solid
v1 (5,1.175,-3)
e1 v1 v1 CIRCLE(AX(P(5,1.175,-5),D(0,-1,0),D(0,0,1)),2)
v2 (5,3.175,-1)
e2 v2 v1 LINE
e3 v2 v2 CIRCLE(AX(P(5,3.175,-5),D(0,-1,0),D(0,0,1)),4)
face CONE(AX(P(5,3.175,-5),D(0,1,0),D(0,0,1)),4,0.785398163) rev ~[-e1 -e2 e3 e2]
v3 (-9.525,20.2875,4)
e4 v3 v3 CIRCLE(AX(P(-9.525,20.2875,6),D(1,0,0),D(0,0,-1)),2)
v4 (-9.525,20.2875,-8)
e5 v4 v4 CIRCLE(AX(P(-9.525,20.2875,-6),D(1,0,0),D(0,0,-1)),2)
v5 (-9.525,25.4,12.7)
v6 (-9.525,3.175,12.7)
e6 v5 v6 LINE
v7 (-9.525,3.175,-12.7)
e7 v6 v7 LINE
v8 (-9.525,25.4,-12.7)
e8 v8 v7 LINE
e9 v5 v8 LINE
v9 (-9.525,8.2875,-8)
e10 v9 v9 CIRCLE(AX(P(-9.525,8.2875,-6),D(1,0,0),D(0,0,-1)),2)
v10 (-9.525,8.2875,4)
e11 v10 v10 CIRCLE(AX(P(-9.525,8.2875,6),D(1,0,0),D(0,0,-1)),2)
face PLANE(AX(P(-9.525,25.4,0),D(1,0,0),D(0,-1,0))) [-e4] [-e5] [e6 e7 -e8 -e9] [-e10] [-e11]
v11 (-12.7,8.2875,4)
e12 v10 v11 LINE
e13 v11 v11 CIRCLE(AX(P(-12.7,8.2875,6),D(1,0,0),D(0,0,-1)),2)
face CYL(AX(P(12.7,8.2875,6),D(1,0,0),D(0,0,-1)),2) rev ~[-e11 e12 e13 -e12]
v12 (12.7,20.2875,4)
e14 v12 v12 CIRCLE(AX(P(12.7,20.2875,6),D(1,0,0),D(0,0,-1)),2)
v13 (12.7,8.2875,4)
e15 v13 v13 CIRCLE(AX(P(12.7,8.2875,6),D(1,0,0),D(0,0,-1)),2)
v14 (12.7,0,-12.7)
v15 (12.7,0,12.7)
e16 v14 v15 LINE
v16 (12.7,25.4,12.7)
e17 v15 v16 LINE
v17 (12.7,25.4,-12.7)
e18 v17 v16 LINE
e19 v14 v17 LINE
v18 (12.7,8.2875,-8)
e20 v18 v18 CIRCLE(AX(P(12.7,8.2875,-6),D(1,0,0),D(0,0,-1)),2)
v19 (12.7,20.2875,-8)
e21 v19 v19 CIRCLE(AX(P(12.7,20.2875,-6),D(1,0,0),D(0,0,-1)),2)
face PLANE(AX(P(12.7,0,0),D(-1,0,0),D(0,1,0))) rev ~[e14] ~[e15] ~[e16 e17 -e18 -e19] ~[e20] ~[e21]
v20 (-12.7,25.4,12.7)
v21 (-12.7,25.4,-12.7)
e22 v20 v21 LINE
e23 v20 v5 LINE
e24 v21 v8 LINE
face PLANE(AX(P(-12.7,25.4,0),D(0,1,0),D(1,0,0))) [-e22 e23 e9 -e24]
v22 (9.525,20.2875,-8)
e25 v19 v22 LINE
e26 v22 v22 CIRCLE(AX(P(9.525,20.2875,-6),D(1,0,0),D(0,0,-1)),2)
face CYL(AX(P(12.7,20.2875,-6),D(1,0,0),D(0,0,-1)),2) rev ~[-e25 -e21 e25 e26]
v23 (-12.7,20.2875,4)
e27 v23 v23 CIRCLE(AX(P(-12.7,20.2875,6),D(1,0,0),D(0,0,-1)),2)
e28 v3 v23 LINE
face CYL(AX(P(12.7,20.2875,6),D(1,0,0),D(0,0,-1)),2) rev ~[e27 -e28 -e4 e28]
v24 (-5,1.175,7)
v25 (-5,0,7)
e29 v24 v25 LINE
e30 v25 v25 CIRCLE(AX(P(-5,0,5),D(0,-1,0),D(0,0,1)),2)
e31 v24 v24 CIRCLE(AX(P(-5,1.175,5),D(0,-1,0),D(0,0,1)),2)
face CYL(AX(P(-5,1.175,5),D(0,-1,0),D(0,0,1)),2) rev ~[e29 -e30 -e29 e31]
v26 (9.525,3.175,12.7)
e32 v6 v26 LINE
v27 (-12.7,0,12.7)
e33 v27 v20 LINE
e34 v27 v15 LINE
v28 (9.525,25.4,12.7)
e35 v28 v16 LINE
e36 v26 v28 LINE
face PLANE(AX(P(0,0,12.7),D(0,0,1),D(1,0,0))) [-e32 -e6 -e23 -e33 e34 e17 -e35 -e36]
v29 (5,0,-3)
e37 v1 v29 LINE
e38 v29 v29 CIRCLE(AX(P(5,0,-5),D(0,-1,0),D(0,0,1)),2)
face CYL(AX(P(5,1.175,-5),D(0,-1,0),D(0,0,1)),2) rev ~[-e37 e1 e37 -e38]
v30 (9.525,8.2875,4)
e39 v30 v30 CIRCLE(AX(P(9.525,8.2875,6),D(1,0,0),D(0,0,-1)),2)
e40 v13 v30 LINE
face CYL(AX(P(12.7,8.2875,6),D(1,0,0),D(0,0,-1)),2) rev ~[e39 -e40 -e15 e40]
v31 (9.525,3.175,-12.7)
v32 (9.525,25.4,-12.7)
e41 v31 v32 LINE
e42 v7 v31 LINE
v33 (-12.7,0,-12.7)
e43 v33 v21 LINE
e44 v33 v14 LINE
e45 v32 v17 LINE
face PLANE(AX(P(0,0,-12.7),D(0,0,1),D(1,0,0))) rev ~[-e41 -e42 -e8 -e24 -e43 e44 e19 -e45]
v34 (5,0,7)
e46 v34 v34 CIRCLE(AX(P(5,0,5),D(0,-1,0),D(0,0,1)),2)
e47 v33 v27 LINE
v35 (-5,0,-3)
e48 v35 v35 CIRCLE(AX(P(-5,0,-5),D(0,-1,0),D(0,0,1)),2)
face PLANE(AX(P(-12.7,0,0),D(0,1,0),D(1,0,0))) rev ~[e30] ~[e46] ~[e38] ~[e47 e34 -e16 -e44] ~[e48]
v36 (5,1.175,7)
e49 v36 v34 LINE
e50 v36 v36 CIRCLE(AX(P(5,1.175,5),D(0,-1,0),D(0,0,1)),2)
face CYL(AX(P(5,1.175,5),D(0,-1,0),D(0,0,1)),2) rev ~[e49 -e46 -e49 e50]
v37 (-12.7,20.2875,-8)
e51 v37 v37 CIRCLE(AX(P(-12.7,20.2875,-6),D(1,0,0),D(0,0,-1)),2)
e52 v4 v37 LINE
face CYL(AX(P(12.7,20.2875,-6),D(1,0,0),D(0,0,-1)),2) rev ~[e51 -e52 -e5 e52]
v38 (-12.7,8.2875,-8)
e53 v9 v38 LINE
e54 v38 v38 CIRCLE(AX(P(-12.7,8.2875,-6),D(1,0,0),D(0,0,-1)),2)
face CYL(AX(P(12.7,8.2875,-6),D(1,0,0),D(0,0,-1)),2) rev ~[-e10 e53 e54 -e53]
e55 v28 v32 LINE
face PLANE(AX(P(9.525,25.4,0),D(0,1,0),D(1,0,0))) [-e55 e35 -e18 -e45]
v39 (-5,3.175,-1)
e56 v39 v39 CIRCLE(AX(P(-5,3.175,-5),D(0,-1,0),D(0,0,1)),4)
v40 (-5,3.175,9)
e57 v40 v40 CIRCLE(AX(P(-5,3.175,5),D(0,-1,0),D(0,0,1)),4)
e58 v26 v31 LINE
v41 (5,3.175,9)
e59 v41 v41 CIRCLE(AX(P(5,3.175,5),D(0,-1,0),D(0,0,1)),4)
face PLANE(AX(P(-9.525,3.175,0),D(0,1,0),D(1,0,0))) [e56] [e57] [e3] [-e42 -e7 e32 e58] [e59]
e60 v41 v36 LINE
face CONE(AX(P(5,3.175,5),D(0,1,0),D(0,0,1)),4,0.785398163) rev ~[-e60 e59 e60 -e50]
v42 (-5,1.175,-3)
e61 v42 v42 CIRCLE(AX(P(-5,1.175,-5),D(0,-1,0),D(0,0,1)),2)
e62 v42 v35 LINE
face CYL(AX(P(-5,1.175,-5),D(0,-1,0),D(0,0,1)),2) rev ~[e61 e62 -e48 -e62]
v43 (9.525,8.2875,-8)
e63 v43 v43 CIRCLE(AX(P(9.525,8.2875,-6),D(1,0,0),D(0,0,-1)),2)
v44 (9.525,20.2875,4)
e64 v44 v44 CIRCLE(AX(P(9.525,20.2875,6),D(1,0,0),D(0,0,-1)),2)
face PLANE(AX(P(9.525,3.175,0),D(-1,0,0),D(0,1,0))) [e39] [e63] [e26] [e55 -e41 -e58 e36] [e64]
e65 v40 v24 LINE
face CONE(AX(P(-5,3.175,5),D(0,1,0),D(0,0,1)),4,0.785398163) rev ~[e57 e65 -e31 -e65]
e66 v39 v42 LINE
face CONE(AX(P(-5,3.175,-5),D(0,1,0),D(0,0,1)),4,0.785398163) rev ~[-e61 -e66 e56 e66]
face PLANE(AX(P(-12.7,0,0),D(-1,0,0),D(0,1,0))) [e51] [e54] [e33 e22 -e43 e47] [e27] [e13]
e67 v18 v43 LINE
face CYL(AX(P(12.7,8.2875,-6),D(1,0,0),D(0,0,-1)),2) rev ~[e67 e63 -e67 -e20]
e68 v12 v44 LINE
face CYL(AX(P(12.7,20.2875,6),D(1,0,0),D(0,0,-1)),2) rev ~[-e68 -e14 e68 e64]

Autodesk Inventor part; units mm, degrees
ref_plane "YZ Plane" through (0, 0, 0) normal (1, 0, 0) x (0, 1, 0)
ref_plane "XZ Plane" through (0, 0, 0) normal (0, 1, 0) x (-1, 0, 0)
ref_plane "XY Plane" through (0, 0, 0) normal (0, 0, 1) x (1, 0, 0)
sketch "Sketch1" plane through (0, 0, 0) normal (0, 0, 1) x (1, 0, 0)
  line L0 (-12.7, 0) -> (12.7, 0)
  line L1 (-12.7, 0) -> (-12.7, 25.4)
  line L2 (12.7, 0) -> (12.7, 25.4)
  line L3 (-9.525, 25.4) -> (-9.525, 3.175)
  line L4 (-9.525, 3.175) -> (9.525, 3.175)
  line L5 (9.525, 3.175) -> (9.525, 25.4)
  line L6 (-12.7, 25.4) -> (-9.525, 25.4)
  line L7 (9.525, 25.4) -> (12.7, 25.4)
  point P0 (0, 0)
  point P1 (0, 0)
  dimension "d0" = 25.4
  dimension "d1" = 25.4
  dimension "d2" = 25.4
  dimension "d3" = 3.175
extrude "Extrusion1" add sketch "Sketch1" along normal mid plane 25.4
sketch "Sketch2" plane through (-9.525, 3.175, 12.7) normal (0, 1, 0) x (1, 0, 0)
  circle A0 centre (4.525, 17.7) radius 2
  circle A1 centre (4.525, 7.7) radius 2
  circle A2 centre (14.525, 7.7) radius 2
  circle A3 centre (14.525, 17.7) radius 2
  point P0 (9.525, 12.7)
  dimension "d6" = 4
  dimension "d7" = 5
  dimension "d8" = 5
  dimension "d11" = 360
hole "Hole1" at (-5, 3.175, 5) at (-5, 3.175, -5) at (5, 3.175, -5) at (5, 3.175, 5) direction (0, -1, 0) diameter 4 depth 3.175 countersink diameter 8 countersink angle 90
sketch "Sketch3" plane through (12.7, 0, 12.7) normal (1, 0, 0) x (0, 0, -1)
  line L0 (25.4, 3.175) -> (0, 3.175) construction
  line L1 (0, 25.4) -> (0, 3.175) construction
  line L2 (25.4, 25.4) -> (0, 25.4) construction
  line L3 (25.4, 3.175) -> (25.4, 25.4) construction
  line L4 (25.4, 25.4) -> (0, 25.4) construction
  line L5 (12.7, 25.4) -> (12.7, 3.175) construction
  circle A0 centre (6.7, 20.2875) radius 2
  circle A1 centre (6.7, 8.2875) radius 2
  circle A2 centre (18.7, 8.2875) radius 2
  circle A3 centre (18.7, 20.2875) radius 2
  line L6 (0, 14.2875) -> (25.4, 14.2875) construction
  point P0 (12.7, 0)
  point P1 (12.7, 14.2875)
  dimension "d20" = 4
  dimension "d21" = 6
  dimension "d22" = 6
  dimension "d25" = 360
extrude "Extrusion2" cut sketch "Sketch3" against normal through all
properties part number "Arashtrix 1in x 1in C-Bracket"
